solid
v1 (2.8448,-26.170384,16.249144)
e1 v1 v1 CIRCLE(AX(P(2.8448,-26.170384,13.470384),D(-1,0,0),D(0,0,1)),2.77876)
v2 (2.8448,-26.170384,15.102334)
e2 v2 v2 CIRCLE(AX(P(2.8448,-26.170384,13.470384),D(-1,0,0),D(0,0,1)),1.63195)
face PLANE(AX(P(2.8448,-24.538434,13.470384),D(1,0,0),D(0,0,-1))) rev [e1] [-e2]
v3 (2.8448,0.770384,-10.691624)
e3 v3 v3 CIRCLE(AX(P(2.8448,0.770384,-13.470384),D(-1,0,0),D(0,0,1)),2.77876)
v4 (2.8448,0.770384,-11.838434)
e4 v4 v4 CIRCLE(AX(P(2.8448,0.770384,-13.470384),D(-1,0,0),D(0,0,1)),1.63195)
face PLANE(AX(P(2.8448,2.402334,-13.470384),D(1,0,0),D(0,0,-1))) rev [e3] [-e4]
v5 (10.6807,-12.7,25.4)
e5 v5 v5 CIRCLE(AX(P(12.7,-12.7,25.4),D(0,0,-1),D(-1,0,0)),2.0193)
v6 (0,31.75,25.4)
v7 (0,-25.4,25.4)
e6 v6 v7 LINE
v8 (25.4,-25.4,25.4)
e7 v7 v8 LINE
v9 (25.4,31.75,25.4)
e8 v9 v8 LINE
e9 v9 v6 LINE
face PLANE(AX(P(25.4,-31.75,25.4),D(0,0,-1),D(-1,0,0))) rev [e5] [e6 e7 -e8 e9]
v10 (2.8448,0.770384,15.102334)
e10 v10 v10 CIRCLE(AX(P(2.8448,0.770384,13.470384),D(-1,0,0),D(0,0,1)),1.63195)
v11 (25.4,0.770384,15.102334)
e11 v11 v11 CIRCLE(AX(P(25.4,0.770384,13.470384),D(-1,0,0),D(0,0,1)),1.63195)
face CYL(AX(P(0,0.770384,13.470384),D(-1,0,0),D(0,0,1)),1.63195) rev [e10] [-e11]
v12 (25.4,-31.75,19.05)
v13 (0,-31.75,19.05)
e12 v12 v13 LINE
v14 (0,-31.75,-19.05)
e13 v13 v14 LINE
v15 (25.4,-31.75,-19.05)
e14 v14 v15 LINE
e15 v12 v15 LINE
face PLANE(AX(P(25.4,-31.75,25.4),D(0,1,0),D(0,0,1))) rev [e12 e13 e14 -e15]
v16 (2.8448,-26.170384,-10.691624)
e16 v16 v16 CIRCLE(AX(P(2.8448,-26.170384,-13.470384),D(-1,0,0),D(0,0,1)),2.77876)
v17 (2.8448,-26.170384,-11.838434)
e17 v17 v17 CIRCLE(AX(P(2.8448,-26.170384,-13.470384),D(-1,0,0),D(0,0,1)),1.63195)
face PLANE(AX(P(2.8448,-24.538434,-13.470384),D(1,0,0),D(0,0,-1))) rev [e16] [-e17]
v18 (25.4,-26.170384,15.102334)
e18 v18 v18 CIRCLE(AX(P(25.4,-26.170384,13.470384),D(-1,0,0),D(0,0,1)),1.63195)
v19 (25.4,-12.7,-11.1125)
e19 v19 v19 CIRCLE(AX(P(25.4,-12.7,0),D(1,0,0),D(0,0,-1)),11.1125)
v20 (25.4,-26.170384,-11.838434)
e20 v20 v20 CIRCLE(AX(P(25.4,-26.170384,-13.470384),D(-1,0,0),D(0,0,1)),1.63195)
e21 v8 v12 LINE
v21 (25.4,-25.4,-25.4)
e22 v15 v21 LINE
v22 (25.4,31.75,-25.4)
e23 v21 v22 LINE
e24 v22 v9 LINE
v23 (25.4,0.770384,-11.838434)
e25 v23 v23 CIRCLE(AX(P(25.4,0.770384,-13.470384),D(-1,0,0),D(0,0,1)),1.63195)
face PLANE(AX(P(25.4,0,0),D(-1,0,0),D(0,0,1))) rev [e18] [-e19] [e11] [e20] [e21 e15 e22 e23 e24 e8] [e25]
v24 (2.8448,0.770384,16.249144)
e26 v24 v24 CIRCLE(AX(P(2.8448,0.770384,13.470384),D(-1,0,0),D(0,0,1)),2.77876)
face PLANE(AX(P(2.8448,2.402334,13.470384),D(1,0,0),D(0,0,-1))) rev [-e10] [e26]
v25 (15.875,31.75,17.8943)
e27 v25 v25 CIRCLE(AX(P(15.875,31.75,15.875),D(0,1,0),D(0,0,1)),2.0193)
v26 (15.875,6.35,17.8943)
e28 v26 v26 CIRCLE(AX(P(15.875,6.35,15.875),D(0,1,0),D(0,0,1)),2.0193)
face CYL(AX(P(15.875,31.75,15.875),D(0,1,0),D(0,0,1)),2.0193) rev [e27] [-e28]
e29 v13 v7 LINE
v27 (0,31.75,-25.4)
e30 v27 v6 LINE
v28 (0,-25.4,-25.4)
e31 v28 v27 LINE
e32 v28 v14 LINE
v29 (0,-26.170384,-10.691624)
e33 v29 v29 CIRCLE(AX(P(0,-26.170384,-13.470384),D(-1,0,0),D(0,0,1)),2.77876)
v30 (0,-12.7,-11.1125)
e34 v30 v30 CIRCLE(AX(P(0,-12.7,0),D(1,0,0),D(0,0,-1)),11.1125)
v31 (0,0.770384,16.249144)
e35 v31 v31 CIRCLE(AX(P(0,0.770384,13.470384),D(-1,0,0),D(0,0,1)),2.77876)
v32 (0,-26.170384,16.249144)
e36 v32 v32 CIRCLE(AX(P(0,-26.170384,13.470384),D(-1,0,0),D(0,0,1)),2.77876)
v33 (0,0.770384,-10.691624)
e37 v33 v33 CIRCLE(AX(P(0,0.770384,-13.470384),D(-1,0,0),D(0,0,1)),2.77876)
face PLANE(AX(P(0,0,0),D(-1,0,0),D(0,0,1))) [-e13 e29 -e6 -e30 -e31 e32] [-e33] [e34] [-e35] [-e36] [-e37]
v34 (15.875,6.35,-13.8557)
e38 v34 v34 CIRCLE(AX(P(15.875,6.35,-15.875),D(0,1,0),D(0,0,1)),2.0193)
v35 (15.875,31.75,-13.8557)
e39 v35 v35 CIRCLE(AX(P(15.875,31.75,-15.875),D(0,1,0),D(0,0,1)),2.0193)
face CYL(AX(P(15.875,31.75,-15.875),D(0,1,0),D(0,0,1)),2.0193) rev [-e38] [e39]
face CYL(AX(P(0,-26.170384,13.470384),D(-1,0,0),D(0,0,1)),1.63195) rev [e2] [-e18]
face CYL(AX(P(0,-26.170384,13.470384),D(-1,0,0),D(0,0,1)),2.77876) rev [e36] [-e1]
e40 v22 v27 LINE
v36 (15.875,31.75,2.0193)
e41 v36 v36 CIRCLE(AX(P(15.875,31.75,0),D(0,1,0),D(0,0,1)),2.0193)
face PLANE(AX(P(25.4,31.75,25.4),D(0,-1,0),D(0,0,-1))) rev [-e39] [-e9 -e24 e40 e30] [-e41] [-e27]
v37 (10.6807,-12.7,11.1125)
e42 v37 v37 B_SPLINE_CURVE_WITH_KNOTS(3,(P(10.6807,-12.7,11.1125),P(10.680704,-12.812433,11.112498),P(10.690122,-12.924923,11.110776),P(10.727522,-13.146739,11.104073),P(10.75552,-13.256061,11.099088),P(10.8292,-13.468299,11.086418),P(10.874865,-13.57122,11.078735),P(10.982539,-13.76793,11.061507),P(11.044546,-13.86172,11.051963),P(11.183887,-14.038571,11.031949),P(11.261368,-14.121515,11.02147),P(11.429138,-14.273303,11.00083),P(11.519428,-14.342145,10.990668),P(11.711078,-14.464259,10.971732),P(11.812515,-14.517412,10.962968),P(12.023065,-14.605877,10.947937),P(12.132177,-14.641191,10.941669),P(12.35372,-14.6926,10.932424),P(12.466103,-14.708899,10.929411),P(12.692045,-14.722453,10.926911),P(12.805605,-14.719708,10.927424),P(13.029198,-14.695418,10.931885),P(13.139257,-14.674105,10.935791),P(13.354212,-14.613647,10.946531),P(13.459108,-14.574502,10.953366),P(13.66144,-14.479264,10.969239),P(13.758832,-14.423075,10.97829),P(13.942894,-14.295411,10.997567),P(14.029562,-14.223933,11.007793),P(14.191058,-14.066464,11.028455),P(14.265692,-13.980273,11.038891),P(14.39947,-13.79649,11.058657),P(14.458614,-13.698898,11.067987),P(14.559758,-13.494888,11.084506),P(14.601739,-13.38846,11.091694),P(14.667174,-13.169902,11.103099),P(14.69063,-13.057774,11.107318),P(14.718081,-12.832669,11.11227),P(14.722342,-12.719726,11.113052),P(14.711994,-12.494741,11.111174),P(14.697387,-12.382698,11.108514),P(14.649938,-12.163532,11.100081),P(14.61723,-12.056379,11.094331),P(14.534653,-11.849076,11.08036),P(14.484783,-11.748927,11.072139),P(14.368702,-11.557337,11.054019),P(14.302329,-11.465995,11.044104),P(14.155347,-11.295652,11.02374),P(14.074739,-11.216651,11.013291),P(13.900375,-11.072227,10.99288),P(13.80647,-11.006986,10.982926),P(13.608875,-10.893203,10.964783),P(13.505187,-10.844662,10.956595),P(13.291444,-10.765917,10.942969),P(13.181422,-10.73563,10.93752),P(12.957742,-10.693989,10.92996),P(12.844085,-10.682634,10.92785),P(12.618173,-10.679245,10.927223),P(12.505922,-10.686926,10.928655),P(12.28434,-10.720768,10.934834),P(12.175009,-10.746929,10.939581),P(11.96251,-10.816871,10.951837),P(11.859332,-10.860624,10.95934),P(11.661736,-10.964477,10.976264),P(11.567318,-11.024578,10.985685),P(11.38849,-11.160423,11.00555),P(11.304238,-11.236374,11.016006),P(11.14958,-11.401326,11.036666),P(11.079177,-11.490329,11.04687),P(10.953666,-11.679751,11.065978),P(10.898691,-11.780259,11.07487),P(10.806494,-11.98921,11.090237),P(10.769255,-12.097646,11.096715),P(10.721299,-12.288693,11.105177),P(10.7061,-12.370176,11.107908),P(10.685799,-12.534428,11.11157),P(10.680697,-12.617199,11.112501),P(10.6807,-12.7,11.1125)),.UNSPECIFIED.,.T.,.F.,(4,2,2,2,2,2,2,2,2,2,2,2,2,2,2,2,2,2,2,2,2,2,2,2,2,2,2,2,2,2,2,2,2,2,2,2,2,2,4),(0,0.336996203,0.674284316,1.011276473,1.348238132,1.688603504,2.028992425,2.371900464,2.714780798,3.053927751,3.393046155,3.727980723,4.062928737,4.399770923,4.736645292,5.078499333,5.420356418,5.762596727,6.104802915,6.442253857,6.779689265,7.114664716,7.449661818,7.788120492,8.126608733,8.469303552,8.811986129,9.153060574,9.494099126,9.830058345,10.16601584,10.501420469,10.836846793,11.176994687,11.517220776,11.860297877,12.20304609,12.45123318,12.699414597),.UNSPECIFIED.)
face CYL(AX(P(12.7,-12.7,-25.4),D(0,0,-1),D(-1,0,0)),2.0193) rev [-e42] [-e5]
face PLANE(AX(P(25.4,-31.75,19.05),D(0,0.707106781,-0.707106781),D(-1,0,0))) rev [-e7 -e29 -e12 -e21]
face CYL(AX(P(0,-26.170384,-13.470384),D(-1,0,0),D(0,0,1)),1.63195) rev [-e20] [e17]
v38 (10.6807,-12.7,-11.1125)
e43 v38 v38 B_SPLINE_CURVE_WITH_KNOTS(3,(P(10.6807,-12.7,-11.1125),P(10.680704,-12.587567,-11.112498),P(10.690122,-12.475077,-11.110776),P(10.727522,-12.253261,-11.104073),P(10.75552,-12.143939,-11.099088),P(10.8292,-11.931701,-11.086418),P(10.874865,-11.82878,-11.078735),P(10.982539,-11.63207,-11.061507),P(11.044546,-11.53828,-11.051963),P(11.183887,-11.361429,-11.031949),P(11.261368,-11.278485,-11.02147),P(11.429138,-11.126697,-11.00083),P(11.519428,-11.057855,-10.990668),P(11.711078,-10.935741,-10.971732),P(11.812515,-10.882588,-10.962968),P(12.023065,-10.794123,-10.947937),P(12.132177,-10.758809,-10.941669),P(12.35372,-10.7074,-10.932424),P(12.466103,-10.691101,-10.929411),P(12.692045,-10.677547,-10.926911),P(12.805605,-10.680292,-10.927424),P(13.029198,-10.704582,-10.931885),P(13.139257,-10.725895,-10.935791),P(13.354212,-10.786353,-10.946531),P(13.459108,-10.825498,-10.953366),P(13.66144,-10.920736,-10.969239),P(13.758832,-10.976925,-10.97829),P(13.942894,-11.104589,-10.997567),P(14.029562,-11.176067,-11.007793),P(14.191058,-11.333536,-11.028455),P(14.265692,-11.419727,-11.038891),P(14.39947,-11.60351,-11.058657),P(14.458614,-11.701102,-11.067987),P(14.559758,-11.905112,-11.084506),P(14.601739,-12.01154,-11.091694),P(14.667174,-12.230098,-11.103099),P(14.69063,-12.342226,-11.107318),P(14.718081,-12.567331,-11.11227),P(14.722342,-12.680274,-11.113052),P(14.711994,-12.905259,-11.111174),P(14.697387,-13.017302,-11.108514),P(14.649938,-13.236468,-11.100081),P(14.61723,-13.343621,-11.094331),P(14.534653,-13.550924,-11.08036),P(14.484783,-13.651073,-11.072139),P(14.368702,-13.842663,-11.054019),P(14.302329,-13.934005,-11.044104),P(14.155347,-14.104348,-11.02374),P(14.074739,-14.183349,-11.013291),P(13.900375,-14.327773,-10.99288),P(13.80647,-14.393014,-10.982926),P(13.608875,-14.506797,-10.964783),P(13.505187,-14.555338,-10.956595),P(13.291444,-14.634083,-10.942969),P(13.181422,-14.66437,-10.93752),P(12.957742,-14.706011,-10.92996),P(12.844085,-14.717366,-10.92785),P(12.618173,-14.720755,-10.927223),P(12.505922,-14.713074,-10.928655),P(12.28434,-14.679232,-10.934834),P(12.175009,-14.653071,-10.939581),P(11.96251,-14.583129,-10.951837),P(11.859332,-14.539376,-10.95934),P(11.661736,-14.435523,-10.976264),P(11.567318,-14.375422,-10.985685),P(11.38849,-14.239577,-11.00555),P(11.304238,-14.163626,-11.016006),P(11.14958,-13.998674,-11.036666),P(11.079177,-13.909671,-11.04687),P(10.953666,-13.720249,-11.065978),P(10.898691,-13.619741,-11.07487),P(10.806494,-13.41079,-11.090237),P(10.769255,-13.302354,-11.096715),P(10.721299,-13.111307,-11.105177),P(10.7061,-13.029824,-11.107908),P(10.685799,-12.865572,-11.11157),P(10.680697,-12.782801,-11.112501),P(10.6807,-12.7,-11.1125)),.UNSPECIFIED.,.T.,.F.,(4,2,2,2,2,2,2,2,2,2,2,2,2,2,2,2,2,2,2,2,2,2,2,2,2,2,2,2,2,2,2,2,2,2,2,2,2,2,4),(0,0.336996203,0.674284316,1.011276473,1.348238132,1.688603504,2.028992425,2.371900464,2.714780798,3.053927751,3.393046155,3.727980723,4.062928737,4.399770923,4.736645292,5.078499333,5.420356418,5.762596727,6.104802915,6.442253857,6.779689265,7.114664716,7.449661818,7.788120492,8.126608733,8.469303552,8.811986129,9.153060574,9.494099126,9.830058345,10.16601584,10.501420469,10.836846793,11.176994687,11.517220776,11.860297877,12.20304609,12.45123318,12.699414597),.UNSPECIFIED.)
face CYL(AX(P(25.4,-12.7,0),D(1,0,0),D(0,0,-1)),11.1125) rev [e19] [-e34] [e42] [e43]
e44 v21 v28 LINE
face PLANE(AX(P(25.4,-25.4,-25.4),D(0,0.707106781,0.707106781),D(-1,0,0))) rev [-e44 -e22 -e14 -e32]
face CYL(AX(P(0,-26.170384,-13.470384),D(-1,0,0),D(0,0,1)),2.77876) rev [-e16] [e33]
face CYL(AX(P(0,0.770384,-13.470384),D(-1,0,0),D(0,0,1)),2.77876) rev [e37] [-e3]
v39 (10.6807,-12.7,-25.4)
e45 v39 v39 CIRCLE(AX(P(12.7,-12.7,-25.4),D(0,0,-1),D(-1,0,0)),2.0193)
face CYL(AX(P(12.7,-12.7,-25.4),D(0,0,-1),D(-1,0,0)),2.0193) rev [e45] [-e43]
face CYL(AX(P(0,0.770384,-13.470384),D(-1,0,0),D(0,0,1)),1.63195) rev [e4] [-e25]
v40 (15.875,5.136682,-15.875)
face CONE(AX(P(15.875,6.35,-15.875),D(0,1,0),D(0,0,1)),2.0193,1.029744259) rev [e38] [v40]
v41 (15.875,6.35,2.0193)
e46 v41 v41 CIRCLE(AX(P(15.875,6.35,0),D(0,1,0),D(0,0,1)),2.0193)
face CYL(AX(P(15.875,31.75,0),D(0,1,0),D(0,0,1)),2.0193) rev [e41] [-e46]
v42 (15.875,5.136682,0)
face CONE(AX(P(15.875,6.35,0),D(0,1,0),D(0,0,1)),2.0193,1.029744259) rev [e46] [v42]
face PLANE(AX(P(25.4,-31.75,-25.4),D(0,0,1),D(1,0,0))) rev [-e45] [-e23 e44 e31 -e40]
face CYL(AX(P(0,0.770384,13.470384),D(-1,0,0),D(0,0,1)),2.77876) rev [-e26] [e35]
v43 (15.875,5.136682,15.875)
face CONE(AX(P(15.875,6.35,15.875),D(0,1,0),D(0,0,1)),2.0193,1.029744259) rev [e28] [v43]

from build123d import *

# Parameters (mm, degrees)
SKETCH1_W                                      = 50.8
SKETCH1_H                                      = 63.5
BASE_DEPTH                                     = 25.4
F_7_8_0_875_DIAMETER_HOLE1_D                   = 22.225
F_10_32_TAPPED_HOLE1_D                         = 4.0386
F_10_32_TAPPED_HOLE1_DEPTH                     = 25.4
F_10_32_TAPPED_HOLE1_TIP                       = 1.213317848
CBORE_FOR_4_SOCKET_HEAD_CAP_SCREW1_D           = 3.2639
CBORE_FOR_4_SOCKET_HEAD_CAP_SCREW1_CBORE_D     = 5.55752
CBORE_FOR_4_SOCKET_HEAD_CAP_SCREW1_CBORE_DEPTH = 2.8448
CIRPATTERN1_COUNT                              = 4
CHAMFER2_SIZE                                  = 6.35
F_10_32_TAPPED_HOLE2_D                         = 4.0386


with BuildPart() as part:
    # Sketch1 → Base (new body)
    with BuildSketch(Plane(origin=(0, 0, 0), x_dir=(0, 0, -1), z_dir=(1, 0, 0))):
        Rectangle(SKETCH1_W, SKETCH1_H)
    extrude(amount=BASE_DEPTH)

    # 7/8 (0.875) Diameter Hole1 (through all)
    with Locations(Plane(origin=(25.4, 0, 0), x_dir=(0, 0, -1), z_dir=(1, 0, 0))):
        with Locations((0, -12.7)):
            Hole(F_7_8_0_875_DIAMETER_HOLE1_D / 2)

    # #10-32 Tapped Hole1
    with Locations(Plane(origin=(0, 31.75, 0), x_dir=(1, 0, 0), z_dir=(0, 1, 0))):
        with Locations((15.875, 15.875), (15.875, -15.875), (15.875, 0)):
            Hole(F_10_32_TAPPED_HOLE1_D / 2, depth=F_10_32_TAPPED_HOLE1_DEPTH)
            with Locations((0, 0, -(F_10_32_TAPPED_HOLE1_DEPTH + F_10_32_TAPPED_HOLE1_TIP / 2))):  # 118° drill point
                Cone(0, F_10_32_TAPPED_HOLE1_D / 2, F_10_32_TAPPED_HOLE1_TIP, mode=Mode.SUBTRACT)

    # CBORE for #4 Socket Head Cap Screw1 (through all)
    with Locations(Plane.ZY):
        with Locations((-13.470384182, 0.770384182)):
            cbore_for_4_socket_head_cap_screw1 = CounterBoreHole(CBORE_FOR_4_SOCKET_HEAD_CAP_SCREW1_D / 2, CBORE_FOR_4_SOCKET_HEAD_CAP_SCREW1_CBORE_D / 2, CBORE_FOR_4_SOCKET_HEAD_CAP_SCREW1_CBORE_DEPTH)

    # CirPattern1: CBORE for #4 Socket Head Cap Screw1 ×4 about axis
    cirpattern1_axis = Axis((0, -12.7, 0), (1, 0, 0))
    for i in range(1, CIRPATTERN1_COUNT):
        add(cbore_for_4_socket_head_cap_screw1.rotate(cirpattern1_axis, i * 360 / CIRPATTERN1_COUNT), mode=Mode.SUBTRACT)

    # Chamfer2
    chamfer2_edges = [part.edges().sort_by_distance(p)[0] for p in [
        (12.7, -31.75, -25.4),
        (12.7, -31.75, 25.4),
    ]]
    chamfer(chamfer2_edges, length=CHAMFER2_SIZE)

    # #10-32 Tapped Hole2 (through all)
    with Locations(Plane(origin=(0, 0, -25.4), x_dir=(-1, 0, 0), z_dir=(0, 0, -1))):
        with Locations((-12.7, -12.7)):
            Hole(F_10_32_TAPPED_HOLE2_D / 2)


solid = part.part
